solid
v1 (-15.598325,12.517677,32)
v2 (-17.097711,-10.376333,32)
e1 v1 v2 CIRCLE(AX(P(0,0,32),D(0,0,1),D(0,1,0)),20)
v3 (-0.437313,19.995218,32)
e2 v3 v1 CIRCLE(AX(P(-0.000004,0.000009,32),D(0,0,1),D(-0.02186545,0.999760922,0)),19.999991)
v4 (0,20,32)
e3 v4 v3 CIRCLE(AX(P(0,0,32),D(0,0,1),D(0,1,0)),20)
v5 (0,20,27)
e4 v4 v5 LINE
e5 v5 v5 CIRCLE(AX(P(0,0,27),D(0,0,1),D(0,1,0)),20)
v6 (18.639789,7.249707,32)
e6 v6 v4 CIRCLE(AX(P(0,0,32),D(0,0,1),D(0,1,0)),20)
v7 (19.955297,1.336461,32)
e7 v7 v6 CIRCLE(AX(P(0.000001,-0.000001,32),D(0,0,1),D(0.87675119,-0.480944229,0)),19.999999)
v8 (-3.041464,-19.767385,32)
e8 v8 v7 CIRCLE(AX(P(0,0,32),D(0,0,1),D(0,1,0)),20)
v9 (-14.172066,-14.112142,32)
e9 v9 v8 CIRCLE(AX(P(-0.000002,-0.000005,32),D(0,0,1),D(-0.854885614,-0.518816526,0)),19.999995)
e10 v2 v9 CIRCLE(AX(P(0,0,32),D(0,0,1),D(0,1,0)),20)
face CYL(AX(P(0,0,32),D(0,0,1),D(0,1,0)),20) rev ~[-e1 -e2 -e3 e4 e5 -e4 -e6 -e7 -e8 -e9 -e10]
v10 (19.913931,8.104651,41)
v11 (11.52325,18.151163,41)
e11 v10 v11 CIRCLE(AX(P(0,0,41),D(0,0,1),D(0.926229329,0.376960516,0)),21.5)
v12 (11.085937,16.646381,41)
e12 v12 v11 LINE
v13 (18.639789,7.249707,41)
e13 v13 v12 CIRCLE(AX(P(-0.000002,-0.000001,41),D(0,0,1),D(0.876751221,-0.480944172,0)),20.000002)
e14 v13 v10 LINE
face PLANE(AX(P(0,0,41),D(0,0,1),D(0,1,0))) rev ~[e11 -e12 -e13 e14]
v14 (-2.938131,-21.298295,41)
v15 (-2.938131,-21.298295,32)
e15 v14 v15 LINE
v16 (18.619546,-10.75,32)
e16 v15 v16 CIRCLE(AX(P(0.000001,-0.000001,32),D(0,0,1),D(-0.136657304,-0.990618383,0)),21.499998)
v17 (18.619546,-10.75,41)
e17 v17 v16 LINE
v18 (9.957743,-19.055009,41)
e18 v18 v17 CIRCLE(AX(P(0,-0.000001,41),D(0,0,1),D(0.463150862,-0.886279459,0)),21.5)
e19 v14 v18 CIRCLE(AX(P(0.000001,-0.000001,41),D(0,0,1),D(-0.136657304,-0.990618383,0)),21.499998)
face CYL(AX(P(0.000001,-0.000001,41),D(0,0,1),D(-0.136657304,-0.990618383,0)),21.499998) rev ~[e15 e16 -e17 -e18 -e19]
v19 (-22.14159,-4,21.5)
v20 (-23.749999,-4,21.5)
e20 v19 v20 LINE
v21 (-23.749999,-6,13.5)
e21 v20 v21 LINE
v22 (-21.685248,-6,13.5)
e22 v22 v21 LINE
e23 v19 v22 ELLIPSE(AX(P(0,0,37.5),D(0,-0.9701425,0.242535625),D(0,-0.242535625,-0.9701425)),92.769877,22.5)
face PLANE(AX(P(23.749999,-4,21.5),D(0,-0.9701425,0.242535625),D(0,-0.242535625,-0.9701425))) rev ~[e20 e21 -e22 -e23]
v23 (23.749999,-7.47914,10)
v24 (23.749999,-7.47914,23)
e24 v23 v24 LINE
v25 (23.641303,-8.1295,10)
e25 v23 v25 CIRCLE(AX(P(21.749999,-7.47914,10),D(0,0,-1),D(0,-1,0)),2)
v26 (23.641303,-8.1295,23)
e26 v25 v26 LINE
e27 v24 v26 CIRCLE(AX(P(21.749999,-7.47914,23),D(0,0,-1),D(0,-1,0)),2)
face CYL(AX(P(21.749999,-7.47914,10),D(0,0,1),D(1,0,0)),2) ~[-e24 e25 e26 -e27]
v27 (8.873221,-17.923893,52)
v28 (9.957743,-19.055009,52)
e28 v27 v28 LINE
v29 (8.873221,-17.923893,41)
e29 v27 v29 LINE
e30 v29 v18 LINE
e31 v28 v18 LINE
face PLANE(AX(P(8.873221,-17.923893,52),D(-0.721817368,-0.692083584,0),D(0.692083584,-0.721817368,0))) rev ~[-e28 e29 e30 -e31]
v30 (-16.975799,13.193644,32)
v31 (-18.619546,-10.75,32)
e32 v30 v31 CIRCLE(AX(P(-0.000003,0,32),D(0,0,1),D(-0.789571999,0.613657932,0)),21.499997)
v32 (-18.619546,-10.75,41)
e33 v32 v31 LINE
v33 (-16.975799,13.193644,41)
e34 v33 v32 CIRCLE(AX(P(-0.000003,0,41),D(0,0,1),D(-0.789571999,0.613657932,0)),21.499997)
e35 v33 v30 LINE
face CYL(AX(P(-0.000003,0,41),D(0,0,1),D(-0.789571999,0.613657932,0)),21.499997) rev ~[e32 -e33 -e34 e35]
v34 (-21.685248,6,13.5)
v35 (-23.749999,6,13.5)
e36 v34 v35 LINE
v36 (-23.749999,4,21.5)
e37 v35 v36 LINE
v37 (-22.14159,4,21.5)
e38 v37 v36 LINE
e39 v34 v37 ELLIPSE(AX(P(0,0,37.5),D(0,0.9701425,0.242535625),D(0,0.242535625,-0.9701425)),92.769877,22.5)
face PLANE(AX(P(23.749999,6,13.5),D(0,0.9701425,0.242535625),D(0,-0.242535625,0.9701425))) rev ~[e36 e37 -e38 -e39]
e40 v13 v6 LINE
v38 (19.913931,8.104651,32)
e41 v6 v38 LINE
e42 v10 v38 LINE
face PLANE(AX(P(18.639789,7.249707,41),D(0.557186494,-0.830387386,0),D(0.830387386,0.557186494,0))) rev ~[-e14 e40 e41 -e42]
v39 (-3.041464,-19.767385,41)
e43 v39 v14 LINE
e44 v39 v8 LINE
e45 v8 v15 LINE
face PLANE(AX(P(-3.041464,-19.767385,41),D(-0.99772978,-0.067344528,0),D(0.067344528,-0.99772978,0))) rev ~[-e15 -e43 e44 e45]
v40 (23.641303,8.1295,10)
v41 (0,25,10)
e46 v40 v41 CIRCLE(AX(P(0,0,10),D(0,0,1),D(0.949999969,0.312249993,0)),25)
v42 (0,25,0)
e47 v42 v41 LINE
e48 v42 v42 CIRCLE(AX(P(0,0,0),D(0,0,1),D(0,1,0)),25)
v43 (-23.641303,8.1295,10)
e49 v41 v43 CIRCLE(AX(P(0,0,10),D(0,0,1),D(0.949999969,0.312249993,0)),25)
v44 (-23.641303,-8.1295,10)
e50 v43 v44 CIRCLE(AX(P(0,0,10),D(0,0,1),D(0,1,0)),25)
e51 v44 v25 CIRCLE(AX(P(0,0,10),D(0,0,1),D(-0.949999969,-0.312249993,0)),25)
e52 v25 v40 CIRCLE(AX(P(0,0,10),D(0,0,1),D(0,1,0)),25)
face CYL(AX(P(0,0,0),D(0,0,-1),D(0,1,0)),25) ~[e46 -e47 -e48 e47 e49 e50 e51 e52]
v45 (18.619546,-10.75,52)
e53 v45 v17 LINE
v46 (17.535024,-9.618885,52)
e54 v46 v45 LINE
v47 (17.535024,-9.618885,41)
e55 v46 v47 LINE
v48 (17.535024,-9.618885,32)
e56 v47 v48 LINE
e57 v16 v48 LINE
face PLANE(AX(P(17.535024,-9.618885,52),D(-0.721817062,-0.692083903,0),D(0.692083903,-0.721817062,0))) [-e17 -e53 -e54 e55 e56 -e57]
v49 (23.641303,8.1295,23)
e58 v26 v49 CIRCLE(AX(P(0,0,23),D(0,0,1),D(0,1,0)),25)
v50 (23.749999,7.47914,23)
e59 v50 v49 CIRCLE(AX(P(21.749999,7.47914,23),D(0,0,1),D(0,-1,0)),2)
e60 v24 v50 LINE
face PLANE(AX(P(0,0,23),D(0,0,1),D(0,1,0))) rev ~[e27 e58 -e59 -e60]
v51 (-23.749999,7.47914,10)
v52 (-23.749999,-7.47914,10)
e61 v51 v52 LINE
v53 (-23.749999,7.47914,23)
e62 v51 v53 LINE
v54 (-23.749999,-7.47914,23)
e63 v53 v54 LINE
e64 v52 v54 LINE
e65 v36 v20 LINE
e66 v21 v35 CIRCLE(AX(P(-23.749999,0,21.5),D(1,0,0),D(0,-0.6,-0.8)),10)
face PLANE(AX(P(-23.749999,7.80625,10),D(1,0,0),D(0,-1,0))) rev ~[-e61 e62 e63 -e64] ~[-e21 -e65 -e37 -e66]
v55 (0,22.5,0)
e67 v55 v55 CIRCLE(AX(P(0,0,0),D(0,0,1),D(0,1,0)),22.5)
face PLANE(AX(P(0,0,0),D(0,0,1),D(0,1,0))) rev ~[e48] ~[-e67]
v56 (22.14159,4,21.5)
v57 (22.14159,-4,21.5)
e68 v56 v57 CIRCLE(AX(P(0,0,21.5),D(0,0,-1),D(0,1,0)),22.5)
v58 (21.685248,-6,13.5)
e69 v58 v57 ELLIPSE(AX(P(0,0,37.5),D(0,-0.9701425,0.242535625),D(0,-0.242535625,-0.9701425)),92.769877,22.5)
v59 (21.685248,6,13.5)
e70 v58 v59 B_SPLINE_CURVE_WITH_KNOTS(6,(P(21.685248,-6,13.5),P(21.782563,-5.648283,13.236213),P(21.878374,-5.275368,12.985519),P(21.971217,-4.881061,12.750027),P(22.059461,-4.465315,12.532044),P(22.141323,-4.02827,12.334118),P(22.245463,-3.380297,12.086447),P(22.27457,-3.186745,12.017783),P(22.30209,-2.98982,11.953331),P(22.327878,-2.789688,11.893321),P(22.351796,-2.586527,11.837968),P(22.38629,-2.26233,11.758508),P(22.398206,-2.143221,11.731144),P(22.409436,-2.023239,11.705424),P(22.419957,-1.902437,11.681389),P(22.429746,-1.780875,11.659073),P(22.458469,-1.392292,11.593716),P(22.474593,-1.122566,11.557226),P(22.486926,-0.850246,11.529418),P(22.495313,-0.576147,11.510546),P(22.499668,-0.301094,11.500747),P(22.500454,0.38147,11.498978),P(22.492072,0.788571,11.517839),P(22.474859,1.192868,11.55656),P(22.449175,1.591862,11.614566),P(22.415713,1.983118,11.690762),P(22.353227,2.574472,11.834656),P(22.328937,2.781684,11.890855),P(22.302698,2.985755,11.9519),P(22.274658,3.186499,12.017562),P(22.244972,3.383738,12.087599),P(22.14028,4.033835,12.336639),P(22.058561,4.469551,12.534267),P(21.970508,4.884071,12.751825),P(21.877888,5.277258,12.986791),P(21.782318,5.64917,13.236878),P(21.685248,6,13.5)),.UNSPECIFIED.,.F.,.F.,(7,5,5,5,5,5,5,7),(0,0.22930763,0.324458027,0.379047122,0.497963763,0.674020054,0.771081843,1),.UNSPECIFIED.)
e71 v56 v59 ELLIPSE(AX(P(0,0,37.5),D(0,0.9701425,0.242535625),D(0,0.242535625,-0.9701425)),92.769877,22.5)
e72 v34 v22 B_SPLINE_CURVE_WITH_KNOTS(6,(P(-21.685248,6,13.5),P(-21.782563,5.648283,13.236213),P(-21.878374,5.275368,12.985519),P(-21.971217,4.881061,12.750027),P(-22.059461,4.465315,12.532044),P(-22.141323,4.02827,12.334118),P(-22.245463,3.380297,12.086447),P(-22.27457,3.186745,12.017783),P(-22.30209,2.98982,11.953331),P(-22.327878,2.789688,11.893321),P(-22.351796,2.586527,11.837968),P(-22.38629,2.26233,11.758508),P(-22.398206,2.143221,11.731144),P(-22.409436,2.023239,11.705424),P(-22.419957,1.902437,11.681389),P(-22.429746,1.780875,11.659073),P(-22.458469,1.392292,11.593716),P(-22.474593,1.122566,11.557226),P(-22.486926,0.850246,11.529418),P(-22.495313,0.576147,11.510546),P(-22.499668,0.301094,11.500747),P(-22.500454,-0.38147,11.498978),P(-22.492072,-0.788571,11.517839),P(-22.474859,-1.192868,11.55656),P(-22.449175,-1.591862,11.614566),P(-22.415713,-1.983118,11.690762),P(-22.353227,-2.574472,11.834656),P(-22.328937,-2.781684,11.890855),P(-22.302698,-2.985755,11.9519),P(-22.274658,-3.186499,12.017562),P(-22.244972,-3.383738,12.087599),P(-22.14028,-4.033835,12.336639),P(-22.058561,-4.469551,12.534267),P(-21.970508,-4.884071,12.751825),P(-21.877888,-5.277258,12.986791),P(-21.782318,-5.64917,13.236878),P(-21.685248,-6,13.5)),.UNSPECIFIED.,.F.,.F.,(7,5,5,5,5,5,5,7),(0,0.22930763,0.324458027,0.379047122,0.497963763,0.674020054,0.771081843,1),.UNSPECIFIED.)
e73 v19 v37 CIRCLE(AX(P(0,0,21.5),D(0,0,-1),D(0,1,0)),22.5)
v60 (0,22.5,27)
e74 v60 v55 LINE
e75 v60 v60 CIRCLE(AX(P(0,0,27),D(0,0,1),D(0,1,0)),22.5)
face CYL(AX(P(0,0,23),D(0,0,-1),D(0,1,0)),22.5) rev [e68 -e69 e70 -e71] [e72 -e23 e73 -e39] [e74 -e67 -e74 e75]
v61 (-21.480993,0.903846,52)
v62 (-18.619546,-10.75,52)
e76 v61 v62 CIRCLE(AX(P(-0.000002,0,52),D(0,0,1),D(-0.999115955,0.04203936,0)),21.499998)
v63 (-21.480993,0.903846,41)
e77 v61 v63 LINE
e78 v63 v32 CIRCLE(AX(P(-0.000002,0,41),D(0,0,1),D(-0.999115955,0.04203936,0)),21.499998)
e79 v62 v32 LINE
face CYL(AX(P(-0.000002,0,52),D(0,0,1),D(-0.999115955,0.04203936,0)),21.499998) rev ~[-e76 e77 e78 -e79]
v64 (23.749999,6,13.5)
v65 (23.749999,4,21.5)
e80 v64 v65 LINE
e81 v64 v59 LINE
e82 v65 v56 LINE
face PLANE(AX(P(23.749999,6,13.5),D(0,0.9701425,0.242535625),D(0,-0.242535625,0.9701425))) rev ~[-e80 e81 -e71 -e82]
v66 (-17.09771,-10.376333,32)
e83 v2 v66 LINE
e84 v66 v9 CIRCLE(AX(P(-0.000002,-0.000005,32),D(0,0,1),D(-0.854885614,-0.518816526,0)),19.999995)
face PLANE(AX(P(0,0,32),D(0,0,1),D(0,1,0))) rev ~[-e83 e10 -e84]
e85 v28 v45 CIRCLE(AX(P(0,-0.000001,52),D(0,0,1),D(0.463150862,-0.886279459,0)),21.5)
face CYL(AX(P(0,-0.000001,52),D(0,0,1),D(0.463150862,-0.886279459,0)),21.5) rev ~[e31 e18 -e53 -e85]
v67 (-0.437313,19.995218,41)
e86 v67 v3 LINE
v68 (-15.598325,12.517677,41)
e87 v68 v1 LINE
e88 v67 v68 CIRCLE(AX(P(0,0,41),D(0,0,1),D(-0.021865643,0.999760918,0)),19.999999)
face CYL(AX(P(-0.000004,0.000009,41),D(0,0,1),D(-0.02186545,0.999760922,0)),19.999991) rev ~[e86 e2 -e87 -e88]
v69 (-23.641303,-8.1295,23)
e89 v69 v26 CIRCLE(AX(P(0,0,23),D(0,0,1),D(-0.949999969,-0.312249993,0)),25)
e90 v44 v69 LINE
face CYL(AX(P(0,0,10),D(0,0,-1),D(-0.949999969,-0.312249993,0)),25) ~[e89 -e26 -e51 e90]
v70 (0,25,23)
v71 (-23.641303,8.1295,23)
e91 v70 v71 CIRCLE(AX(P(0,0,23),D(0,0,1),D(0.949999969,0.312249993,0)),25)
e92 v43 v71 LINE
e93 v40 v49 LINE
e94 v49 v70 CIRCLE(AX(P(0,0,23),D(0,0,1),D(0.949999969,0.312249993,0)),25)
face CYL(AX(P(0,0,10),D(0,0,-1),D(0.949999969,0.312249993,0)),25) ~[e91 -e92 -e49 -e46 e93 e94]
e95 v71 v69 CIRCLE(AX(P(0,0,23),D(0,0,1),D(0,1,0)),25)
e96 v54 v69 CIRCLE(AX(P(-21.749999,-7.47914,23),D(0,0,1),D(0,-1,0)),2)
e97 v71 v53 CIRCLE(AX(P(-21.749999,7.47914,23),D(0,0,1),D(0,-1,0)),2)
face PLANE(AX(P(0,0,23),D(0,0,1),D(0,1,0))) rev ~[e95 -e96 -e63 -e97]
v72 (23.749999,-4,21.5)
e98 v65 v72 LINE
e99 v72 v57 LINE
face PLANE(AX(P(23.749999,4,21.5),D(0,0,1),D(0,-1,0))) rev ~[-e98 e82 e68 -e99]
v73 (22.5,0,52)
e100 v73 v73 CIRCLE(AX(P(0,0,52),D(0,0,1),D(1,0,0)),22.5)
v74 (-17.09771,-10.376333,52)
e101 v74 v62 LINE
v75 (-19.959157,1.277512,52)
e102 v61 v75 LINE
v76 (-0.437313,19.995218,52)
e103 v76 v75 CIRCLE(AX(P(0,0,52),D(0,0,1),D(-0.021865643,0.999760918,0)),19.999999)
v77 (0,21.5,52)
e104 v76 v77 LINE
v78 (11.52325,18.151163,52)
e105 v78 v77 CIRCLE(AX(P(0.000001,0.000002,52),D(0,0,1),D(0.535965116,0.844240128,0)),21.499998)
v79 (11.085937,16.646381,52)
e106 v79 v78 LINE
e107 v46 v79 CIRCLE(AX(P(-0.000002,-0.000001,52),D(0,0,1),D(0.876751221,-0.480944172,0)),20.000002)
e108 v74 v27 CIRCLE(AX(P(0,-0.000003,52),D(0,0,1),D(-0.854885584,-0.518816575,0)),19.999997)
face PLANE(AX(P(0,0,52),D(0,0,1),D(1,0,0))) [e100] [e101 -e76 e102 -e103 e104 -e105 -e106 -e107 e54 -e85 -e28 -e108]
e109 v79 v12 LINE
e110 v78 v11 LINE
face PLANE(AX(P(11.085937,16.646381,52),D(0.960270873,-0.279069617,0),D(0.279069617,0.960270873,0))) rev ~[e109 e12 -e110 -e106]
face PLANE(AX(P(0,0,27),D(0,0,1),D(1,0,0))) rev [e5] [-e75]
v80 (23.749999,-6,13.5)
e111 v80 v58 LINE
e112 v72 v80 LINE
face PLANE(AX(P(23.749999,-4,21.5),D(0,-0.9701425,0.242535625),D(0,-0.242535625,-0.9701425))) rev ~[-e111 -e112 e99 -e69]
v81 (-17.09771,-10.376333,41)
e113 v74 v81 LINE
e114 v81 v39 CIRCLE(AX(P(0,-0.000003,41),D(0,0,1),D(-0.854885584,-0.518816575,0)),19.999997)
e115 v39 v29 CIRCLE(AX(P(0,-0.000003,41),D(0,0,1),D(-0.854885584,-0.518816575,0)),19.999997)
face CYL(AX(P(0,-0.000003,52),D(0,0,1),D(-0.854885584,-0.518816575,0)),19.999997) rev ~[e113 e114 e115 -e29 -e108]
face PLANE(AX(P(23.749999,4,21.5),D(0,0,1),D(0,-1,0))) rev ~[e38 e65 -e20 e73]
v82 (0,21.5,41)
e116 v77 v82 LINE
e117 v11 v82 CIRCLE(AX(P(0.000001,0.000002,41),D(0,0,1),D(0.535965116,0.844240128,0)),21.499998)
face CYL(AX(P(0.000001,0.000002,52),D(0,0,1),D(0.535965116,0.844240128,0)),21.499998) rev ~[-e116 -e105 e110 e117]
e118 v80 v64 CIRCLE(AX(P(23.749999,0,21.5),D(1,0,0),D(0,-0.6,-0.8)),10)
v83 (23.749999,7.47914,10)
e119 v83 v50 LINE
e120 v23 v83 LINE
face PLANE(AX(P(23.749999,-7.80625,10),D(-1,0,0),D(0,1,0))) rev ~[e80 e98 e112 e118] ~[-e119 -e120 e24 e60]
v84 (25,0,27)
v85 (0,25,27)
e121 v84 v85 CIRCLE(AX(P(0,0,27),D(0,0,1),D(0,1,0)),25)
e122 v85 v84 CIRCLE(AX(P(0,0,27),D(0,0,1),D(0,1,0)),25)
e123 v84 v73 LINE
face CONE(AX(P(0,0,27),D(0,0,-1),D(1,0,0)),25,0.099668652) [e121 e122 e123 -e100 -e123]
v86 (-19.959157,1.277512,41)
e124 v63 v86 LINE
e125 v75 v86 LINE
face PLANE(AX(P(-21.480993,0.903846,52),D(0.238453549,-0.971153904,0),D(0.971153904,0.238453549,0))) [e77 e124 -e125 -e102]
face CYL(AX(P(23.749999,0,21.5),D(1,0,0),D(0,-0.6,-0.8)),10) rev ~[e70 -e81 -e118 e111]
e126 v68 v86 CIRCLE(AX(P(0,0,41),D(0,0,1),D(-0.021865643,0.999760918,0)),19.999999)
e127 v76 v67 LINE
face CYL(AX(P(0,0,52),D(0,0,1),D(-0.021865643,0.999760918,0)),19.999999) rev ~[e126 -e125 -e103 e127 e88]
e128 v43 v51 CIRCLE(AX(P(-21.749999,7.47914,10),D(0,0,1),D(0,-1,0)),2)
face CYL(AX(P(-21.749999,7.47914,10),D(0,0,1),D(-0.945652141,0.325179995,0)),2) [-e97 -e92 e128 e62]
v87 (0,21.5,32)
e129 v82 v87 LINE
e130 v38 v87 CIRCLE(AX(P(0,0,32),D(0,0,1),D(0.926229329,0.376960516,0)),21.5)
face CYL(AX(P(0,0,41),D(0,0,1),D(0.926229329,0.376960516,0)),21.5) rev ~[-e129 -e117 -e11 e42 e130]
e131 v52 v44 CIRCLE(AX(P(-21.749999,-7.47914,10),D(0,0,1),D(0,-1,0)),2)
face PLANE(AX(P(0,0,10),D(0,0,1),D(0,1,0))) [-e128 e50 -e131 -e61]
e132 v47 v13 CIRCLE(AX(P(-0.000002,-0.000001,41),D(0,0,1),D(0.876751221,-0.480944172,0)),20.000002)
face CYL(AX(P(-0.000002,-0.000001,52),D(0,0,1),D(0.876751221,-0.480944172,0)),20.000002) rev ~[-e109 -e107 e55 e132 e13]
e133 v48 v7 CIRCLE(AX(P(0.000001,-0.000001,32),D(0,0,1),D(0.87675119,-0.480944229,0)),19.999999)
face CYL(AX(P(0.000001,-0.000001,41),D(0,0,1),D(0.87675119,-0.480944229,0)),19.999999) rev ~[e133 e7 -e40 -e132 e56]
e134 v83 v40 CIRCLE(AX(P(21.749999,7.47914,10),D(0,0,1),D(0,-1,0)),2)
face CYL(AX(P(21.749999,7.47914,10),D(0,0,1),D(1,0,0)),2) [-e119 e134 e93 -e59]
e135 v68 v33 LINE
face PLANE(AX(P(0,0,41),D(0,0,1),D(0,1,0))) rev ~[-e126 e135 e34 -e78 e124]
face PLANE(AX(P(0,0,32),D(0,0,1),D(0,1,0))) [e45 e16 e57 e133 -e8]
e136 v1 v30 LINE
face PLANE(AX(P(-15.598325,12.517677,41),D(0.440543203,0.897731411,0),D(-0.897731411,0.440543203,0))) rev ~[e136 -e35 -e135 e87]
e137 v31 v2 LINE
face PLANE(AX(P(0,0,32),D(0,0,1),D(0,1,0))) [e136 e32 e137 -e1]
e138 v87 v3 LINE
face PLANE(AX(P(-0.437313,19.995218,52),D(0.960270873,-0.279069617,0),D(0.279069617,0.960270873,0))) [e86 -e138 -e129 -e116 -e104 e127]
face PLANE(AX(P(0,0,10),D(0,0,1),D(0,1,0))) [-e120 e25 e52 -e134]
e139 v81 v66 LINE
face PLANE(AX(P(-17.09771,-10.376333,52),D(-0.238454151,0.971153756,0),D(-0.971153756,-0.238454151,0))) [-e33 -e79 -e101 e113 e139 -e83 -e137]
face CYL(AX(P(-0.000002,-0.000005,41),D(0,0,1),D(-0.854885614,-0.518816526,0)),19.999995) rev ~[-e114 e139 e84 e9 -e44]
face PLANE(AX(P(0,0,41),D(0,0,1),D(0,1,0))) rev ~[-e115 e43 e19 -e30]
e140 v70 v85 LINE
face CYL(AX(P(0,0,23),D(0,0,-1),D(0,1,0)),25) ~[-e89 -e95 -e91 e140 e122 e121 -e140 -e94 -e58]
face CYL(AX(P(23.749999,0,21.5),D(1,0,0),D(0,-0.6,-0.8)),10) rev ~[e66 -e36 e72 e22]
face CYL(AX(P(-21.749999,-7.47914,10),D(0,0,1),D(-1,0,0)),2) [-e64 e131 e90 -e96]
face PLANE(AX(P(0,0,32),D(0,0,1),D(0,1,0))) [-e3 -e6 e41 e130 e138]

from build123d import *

# Parameters (mm, degrees)
FACE005_R        = 20
EXTRUDE006_DEPTH = 5
EXTRUDE005_DEPTH = 9
EXTRUDE004_DEPTH = 11
EXTRUDE003_DEPTH = 47.5
OFFSET001_R      = 25
OFFSET001_R_2    = 22.5
EXTRUDE002_DEPTH = 4
FACE_R           = 25
FACE_R_2         = 22.5
EXTRUDE_DEPTH    = 10
OFFSET_R         = 22.5
EXTRUDE001_DEPTH = 13
FILLET_R         = 2
FILLET001_R      = 2
FILLET002_R      = 2
FILLET003_R      = 2


with BuildPart() as extrude006:
    # Face005 → Extrude006 (new body)
    with BuildSketch(Plane(origin=(0, 0, 32), x_dir=(0, 1, 0), z_dir=(0, 0, 1))):
        Circle(FACE005_R)
    extrude(amount=-EXTRUDE006_DEPTH)


with BuildPart() as extrude005:
    # Face004 → Extrude005 (new body)
    with BuildSketch(Plane(origin=(0, 0, 41), x_dir=(0, 1, 0), z_dir=(0, 0, 1))):
        with BuildLine():
            ThreePointArc((19.995218, 0.437313), (17.937006, 8.846685), (12.517677, 15.598325))
            Line((12.517677, 15.598325), (13.193644, 16.975799))
            ThreePointArc((13.193644, 16.975799), (1.472523, 21.449515), (-10.75, 18.619546))
            Line((-10.75, 18.619546), (-10.376333, 17.09771))
            ThreePointArc((-10.376333, 17.09771), (-16.629957, 11.11056), (-19.767385, 3.041464))
            Line((-19.767385, 3.041464), (-21.298295, 2.938131))
            ThreePointArc((-21.298295, 2.938131), (-19.312086, -9.449515), (-10.75, -18.619546))
            Line((-10.75, -18.619546), (-9.618885, -17.535024))
            ThreePointArc((-9.618885, -17.535024), (-1.307049, -19.957245), (7.249707, -18.639789))
            Line((7.249707, -18.639789), (8.104651, -19.913931))
            ThreePointArc((8.104651, -19.913931), (17.839563, -12), (21.5, 0))
            Line((21.5, 0), (19.995218, 0.437313))
        make_face()
    extrude(amount=-EXTRUDE005_DEPTH)


with BuildPart() as extrude004:
    # Sketch003 (on Face2 of Cone) → Extrude004 (new body)
    with BuildSketch(Plane.XY.offset(52)):
        with BuildLine():
            ThreePointArc((11.52325, 18.151163), (6, 20.645823), (0, 21.5))
            Line((-0.437313, 19.995218), (0, 21.5))
            ThreePointArc((-0.437313, 19.995218), (-13.841681, 14.436338), (-19.959157, 1.277512))
            Line((-21.480993, 0.903846), (-19.959157, 1.277512))
            ThreePointArc((-21.480993, 0.903846), (-20.879807, -5.126759), (-18.619546, -10.75))
            Line((-17.09771, -10.376333), (-18.619546, -10.75))
            ThreePointArc((-17.09771, -10.376333), (-5.581395, -19.205417), (8.873221, -17.923893))
            Line((8.873221, -17.923893), (9.957743, -19.055009))
            ThreePointArc((9.957743, -19.055009), (14.879807, -15.519064), (18.619546, -10.75))
            Line((17.535024, -9.618885), (18.619546, -10.75))
            ThreePointArc((17.535024, -9.618885), (19.423076, 4.769078), (11.085937, 16.646381))
            Line((11.085937, 16.646381), (11.52325, 18.151163))
        make_face()
    extrude(amount=-EXTRUDE004_DEPTH)


with BuildPart() as cut003:
    # Cone → Cone (revolve)
    with BuildSketch(Plane(origin=(0, 0, 27), x_dir=(1, 0, 0), z_dir=(0, -1, 0))):
        Polygon((0, 0), (25, 0), (22.5, 25), (0, 25), align=None)
    revolve(axis=Axis((0, 0, 27), (0, 0, 1)))

    # Cut001: cut Extrude004
    add(extrude004.part, mode=Mode.SUBTRACT)

    # Cut002: cut Extrude005
    add(extrude005.part, mode=Mode.SUBTRACT)

    # Cut003: cut Extrude006
    add(extrude006.part, mode=Mode.SUBTRACT)


with BuildPart() as extrude003:
    # Face002 → Extrude003 (new body)
    with BuildSketch(Plane(origin=(23.749999, 0, 16.462815), x_dir=(0, -1, 0), z_dir=(1, 0, 0))):
        with BuildLine():
            Line((-4, -5.037185), (4, -5.037185))
            Line((4, -5.037185), (6, 2.962815))
            ThreePointArc((6, 2.962815), (0, 4.962815), (-6, 2.962815))
            Line((-6, 2.962815), (-4, -5.037185))
        make_face()
    extrude(amount=-EXTRUDE003_DEPTH)


with BuildPart() as extrude002:
    # Offset001 → Extrude002 (new body)
    with BuildSketch(Plane(origin=(0, 0, 23), x_dir=(0, 1, 0), z_dir=(0, 0, 1))):
        Circle(OFFSET001_R)
        Circle(OFFSET001_R_2, mode=Mode.SUBTRACT)
    extrude(amount=EXTRUDE002_DEPTH)


with BuildPart() as fusion:
    # Face → Extrude (new body)
    with BuildSketch(Plane(origin=(0, 0, 0), x_dir=(0, 1, 0), z_dir=(0, 0, 1))):
        Circle(FACE_R)
        Circle(FACE_R_2, mode=Mode.SUBTRACT)
    extrude(amount=EXTRUDE_DEPTH)

    # Fusion: union Extrude002
    add(extrude002.part)


with BuildPart() as fusion002:
    # Offset → Extrude001 (new body)
    with BuildSketch(Plane(origin=(0, 0, 10), x_dir=(0, 1, 0), z_dir=(0, 0, 1))):
        with BuildLine():
            ThreePointArc((7.80625, -23.749999), (25, 0), (7.80625, 23.749999))
            Line((7.80625, 23.749999), (-7.80625, 23.749999))
            ThreePointArc((-7.80625, 23.749999), (-25, 0), (-7.80625, -23.749999))
            Line((-7.80625, -23.749999), (7.80625, -23.749999))
        make_face()
        Circle(OFFSET_R, mode=Mode.SUBTRACT)
    extrude(amount=EXTRUDE001_DEPTH)

    # Fillet
    fillet_edges = [fusion002.edges().sort_by_distance(p)[0] for p in [
        (23.749999, -7.80625, 16.5),
    ]]
    fillet(fillet_edges, radius=FILLET_R)

    # Fillet001
    fillet001_edges = [fusion002.edges().sort_by_distance(p)[0] for p in [
        (23.749999, 7.80625, 16.5),
    ]]
    fillet(fillet001_edges, radius=FILLET001_R)

    # Fillet002
    fillet002_edges = [fusion002.edges().sort_by_distance(p)[0] for p in [
        (-23.749999, 7.80625, 16.5),
    ]]
    fillet(fillet002_edges, radius=FILLET002_R)

    # Fillet003
    fillet003_edges = [fusion002.edges().sort_by_distance(p)[0] for p in [
        (-23.749999, -7.80625, 16.5),
    ]]
    fillet(fillet003_edges, radius=FILLET003_R)

    # Fusion001: union Fusion
    add(fusion.part)

    # Cut: cut Extrude003
    add(extrude003.part, mode=Mode.SUBTRACT)

    # Fusion002: union Cut003
    add(cut003.part)


solid = fusion002.part
